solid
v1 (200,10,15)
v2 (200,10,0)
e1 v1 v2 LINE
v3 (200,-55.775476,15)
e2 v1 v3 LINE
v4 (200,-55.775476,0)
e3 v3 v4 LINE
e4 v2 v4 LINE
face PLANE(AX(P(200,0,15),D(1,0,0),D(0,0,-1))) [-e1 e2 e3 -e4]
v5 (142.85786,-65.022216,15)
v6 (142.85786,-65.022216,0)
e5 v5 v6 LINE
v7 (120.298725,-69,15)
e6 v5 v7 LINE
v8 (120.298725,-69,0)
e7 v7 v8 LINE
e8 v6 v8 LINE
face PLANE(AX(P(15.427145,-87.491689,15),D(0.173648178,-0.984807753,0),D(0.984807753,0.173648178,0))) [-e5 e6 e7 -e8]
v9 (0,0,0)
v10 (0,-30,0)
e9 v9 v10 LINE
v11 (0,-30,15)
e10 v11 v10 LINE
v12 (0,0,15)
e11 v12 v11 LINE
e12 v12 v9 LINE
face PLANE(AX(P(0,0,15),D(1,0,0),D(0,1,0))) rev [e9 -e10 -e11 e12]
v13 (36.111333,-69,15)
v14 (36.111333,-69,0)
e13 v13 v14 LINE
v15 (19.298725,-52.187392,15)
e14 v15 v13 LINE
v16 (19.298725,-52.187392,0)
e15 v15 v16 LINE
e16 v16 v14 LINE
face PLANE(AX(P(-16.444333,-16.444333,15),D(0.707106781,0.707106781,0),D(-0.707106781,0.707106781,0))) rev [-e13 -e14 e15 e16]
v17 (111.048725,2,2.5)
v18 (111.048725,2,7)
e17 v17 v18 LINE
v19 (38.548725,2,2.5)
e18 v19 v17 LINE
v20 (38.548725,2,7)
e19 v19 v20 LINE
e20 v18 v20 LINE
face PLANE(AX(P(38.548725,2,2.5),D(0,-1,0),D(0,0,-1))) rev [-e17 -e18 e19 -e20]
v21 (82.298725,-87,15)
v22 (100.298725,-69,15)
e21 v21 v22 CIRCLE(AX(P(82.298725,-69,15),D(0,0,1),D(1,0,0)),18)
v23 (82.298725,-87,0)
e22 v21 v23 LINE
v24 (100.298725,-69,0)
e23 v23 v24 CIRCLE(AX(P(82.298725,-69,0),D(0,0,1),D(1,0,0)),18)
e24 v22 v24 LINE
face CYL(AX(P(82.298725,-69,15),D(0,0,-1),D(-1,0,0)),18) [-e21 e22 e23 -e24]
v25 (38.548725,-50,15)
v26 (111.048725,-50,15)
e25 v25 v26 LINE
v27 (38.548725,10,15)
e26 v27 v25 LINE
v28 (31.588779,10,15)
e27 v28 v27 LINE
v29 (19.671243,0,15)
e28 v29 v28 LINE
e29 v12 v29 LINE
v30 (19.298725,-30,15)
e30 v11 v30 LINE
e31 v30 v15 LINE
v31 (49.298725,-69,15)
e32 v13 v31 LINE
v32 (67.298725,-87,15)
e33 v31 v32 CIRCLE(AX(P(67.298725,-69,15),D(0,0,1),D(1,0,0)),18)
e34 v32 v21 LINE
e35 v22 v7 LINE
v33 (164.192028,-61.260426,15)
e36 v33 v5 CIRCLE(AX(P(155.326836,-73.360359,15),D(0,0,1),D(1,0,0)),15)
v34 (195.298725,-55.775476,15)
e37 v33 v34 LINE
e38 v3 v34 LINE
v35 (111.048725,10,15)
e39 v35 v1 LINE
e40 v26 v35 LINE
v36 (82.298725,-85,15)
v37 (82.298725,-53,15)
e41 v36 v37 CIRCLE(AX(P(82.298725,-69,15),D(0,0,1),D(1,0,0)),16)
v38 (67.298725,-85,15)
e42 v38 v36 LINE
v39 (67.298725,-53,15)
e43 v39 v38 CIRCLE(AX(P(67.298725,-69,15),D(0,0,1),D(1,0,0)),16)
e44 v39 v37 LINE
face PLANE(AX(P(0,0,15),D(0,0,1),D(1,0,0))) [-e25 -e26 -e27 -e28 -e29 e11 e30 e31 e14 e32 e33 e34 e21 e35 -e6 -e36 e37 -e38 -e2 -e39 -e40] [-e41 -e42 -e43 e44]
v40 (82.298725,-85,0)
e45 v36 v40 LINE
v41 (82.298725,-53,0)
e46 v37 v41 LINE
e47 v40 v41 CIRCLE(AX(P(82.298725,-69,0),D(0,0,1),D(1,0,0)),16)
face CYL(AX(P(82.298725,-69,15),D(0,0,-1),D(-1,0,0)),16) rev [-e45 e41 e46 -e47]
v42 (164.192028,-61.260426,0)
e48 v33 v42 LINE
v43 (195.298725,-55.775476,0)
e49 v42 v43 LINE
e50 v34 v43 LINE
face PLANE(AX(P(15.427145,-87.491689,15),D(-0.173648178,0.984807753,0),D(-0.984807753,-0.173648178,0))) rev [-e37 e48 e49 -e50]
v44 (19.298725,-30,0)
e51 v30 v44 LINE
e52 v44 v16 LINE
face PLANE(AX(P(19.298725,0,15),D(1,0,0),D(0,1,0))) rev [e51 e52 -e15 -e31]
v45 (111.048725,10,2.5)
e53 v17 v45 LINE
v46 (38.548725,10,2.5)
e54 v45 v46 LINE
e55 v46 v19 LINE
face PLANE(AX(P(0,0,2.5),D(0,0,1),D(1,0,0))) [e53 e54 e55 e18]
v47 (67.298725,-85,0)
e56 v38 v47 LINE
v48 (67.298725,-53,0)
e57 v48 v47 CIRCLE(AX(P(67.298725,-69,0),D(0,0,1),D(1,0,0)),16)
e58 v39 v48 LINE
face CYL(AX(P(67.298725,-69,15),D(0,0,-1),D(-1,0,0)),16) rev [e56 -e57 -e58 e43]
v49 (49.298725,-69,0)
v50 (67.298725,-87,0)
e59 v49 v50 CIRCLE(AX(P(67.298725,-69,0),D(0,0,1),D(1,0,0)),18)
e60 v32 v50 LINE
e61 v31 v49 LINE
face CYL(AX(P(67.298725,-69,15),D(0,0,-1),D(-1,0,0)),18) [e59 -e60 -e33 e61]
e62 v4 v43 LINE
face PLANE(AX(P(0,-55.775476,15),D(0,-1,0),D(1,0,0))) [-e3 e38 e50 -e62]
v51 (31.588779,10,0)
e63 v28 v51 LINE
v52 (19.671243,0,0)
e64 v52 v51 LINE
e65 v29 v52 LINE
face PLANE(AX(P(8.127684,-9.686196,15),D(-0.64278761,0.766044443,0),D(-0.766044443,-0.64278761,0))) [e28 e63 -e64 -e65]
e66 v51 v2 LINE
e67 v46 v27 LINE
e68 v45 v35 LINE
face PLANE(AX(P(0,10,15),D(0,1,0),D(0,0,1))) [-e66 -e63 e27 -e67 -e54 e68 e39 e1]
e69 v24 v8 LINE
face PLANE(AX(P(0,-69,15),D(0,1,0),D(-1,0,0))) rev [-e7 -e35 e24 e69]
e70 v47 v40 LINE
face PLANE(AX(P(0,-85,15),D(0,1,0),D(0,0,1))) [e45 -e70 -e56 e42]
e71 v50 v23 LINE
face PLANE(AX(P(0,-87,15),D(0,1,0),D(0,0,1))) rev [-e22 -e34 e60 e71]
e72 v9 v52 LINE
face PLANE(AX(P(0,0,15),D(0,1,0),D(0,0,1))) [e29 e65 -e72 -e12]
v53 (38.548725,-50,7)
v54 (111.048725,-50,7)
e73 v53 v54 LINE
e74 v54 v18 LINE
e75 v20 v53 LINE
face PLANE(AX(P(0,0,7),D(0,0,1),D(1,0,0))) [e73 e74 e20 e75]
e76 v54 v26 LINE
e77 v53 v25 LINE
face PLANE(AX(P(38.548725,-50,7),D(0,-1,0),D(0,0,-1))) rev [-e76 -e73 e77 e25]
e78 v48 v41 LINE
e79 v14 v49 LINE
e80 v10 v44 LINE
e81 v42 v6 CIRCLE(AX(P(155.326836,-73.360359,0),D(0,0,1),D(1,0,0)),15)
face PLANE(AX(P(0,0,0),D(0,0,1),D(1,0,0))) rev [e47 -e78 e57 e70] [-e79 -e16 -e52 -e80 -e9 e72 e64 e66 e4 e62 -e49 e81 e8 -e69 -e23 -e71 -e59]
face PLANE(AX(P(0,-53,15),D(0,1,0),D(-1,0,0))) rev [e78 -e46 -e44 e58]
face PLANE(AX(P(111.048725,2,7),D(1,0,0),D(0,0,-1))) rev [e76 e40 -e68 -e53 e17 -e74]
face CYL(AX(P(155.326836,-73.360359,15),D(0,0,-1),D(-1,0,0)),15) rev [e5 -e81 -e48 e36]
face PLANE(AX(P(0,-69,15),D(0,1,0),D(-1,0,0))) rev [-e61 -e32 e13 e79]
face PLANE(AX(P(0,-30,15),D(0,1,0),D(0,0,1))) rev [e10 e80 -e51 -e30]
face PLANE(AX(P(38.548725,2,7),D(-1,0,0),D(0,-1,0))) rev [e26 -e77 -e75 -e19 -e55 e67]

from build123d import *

# Parameters (mm, degrees)
EXTRUDE_1_DEPTH     = 15
SKETCH_2_W          = 72.5
SKETCH_2_H          = 52
CUT_EXTRUDE_1_DEPTH = 8
SKETCH_3_W          = 72.5
SKETCH_3_H          = 8
CUT_EXTRUDE_4_DEPTH = 12.5


with BuildPart() as part:
    # 스케치1 → 보스-돌출1 (new body)
    with BuildSketch(Plane.XY):
        with BuildLine():
            Line((19.671242882, 0), (0, 0))
            Line((0, 0), (0, -30))
            Line((0, -30), (19.298724865, -30))
            Line((19.298724865, -30), (19.298724865, -52.187391743))
            Line((19.298724865, -52.187391743), (36.111333122, -69))
            Line((36.111333122, -69), (49.298724865, -69))
            ThreePointArc((49.298724865, -69), (54.570802804, -81.727922061), (67.298724865, -87))
            Line((67.298724865, -87), (82.298724865, -87))
            ThreePointArc((82.298724865, -87), (95.026646927, -81.727922061), (100.298724865, -69))
            Line((100.298724865, -69), (120.298724865, -69))
            Line((120.298724865, -69), (142.85786008, -65.0222158))
            ThreePointArc((142.85786008, -65.0222158), (152.722113491, -58.588242921), (164.192027956, -61.260426393))
            Line((164.192027956, -61.260426393), (195.298724865, -55.775476447))
            Line((195.298724865, -55.775476447), (200, -55.775476447))
            Line((200, -55.775476447), (200, 10))
            Line((200, 10), (31.588778808, 10))
            Line((31.588778808, 10), (19.671242882, 0))
        make_face()
        with BuildLine():
            ThreePointArc((67.298724865, -85), (51.298724865, -69), (67.298724865, -53))
            Line((67.298724865, -53), (82.298724865, -53))
            ThreePointArc((82.298724865, -53), (98.298724865, -69), (82.298724865, -85))
            Line((82.298724865, -85), (67.298724865, -85))
        make_face(mode=Mode.SUBTRACT)
    extrude(amount=EXTRUDE_1_DEPTH)

    # 스케치2 → 컷-돌출1 (cut)
    with BuildSketch(Plane.XY.offset(15)):
        with Locations((74.798724865, -24)):
            Rectangle(SKETCH_2_W, SKETCH_2_H)
    extrude(amount=-CUT_EXTRUDE_1_DEPTH, mode=Mode.SUBTRACT)

    # 스케치3 → 컷-돌출4 (cut)
    with BuildSketch(Plane.XY.offset(15)):
        with Locations((74.798724865, 6)):
            Rectangle(SKETCH_3_W, SKETCH_3_H)
    extrude(amount=-CUT_EXTRUDE_4_DEPTH, mode=Mode.SUBTRACT)


solid = part.part
